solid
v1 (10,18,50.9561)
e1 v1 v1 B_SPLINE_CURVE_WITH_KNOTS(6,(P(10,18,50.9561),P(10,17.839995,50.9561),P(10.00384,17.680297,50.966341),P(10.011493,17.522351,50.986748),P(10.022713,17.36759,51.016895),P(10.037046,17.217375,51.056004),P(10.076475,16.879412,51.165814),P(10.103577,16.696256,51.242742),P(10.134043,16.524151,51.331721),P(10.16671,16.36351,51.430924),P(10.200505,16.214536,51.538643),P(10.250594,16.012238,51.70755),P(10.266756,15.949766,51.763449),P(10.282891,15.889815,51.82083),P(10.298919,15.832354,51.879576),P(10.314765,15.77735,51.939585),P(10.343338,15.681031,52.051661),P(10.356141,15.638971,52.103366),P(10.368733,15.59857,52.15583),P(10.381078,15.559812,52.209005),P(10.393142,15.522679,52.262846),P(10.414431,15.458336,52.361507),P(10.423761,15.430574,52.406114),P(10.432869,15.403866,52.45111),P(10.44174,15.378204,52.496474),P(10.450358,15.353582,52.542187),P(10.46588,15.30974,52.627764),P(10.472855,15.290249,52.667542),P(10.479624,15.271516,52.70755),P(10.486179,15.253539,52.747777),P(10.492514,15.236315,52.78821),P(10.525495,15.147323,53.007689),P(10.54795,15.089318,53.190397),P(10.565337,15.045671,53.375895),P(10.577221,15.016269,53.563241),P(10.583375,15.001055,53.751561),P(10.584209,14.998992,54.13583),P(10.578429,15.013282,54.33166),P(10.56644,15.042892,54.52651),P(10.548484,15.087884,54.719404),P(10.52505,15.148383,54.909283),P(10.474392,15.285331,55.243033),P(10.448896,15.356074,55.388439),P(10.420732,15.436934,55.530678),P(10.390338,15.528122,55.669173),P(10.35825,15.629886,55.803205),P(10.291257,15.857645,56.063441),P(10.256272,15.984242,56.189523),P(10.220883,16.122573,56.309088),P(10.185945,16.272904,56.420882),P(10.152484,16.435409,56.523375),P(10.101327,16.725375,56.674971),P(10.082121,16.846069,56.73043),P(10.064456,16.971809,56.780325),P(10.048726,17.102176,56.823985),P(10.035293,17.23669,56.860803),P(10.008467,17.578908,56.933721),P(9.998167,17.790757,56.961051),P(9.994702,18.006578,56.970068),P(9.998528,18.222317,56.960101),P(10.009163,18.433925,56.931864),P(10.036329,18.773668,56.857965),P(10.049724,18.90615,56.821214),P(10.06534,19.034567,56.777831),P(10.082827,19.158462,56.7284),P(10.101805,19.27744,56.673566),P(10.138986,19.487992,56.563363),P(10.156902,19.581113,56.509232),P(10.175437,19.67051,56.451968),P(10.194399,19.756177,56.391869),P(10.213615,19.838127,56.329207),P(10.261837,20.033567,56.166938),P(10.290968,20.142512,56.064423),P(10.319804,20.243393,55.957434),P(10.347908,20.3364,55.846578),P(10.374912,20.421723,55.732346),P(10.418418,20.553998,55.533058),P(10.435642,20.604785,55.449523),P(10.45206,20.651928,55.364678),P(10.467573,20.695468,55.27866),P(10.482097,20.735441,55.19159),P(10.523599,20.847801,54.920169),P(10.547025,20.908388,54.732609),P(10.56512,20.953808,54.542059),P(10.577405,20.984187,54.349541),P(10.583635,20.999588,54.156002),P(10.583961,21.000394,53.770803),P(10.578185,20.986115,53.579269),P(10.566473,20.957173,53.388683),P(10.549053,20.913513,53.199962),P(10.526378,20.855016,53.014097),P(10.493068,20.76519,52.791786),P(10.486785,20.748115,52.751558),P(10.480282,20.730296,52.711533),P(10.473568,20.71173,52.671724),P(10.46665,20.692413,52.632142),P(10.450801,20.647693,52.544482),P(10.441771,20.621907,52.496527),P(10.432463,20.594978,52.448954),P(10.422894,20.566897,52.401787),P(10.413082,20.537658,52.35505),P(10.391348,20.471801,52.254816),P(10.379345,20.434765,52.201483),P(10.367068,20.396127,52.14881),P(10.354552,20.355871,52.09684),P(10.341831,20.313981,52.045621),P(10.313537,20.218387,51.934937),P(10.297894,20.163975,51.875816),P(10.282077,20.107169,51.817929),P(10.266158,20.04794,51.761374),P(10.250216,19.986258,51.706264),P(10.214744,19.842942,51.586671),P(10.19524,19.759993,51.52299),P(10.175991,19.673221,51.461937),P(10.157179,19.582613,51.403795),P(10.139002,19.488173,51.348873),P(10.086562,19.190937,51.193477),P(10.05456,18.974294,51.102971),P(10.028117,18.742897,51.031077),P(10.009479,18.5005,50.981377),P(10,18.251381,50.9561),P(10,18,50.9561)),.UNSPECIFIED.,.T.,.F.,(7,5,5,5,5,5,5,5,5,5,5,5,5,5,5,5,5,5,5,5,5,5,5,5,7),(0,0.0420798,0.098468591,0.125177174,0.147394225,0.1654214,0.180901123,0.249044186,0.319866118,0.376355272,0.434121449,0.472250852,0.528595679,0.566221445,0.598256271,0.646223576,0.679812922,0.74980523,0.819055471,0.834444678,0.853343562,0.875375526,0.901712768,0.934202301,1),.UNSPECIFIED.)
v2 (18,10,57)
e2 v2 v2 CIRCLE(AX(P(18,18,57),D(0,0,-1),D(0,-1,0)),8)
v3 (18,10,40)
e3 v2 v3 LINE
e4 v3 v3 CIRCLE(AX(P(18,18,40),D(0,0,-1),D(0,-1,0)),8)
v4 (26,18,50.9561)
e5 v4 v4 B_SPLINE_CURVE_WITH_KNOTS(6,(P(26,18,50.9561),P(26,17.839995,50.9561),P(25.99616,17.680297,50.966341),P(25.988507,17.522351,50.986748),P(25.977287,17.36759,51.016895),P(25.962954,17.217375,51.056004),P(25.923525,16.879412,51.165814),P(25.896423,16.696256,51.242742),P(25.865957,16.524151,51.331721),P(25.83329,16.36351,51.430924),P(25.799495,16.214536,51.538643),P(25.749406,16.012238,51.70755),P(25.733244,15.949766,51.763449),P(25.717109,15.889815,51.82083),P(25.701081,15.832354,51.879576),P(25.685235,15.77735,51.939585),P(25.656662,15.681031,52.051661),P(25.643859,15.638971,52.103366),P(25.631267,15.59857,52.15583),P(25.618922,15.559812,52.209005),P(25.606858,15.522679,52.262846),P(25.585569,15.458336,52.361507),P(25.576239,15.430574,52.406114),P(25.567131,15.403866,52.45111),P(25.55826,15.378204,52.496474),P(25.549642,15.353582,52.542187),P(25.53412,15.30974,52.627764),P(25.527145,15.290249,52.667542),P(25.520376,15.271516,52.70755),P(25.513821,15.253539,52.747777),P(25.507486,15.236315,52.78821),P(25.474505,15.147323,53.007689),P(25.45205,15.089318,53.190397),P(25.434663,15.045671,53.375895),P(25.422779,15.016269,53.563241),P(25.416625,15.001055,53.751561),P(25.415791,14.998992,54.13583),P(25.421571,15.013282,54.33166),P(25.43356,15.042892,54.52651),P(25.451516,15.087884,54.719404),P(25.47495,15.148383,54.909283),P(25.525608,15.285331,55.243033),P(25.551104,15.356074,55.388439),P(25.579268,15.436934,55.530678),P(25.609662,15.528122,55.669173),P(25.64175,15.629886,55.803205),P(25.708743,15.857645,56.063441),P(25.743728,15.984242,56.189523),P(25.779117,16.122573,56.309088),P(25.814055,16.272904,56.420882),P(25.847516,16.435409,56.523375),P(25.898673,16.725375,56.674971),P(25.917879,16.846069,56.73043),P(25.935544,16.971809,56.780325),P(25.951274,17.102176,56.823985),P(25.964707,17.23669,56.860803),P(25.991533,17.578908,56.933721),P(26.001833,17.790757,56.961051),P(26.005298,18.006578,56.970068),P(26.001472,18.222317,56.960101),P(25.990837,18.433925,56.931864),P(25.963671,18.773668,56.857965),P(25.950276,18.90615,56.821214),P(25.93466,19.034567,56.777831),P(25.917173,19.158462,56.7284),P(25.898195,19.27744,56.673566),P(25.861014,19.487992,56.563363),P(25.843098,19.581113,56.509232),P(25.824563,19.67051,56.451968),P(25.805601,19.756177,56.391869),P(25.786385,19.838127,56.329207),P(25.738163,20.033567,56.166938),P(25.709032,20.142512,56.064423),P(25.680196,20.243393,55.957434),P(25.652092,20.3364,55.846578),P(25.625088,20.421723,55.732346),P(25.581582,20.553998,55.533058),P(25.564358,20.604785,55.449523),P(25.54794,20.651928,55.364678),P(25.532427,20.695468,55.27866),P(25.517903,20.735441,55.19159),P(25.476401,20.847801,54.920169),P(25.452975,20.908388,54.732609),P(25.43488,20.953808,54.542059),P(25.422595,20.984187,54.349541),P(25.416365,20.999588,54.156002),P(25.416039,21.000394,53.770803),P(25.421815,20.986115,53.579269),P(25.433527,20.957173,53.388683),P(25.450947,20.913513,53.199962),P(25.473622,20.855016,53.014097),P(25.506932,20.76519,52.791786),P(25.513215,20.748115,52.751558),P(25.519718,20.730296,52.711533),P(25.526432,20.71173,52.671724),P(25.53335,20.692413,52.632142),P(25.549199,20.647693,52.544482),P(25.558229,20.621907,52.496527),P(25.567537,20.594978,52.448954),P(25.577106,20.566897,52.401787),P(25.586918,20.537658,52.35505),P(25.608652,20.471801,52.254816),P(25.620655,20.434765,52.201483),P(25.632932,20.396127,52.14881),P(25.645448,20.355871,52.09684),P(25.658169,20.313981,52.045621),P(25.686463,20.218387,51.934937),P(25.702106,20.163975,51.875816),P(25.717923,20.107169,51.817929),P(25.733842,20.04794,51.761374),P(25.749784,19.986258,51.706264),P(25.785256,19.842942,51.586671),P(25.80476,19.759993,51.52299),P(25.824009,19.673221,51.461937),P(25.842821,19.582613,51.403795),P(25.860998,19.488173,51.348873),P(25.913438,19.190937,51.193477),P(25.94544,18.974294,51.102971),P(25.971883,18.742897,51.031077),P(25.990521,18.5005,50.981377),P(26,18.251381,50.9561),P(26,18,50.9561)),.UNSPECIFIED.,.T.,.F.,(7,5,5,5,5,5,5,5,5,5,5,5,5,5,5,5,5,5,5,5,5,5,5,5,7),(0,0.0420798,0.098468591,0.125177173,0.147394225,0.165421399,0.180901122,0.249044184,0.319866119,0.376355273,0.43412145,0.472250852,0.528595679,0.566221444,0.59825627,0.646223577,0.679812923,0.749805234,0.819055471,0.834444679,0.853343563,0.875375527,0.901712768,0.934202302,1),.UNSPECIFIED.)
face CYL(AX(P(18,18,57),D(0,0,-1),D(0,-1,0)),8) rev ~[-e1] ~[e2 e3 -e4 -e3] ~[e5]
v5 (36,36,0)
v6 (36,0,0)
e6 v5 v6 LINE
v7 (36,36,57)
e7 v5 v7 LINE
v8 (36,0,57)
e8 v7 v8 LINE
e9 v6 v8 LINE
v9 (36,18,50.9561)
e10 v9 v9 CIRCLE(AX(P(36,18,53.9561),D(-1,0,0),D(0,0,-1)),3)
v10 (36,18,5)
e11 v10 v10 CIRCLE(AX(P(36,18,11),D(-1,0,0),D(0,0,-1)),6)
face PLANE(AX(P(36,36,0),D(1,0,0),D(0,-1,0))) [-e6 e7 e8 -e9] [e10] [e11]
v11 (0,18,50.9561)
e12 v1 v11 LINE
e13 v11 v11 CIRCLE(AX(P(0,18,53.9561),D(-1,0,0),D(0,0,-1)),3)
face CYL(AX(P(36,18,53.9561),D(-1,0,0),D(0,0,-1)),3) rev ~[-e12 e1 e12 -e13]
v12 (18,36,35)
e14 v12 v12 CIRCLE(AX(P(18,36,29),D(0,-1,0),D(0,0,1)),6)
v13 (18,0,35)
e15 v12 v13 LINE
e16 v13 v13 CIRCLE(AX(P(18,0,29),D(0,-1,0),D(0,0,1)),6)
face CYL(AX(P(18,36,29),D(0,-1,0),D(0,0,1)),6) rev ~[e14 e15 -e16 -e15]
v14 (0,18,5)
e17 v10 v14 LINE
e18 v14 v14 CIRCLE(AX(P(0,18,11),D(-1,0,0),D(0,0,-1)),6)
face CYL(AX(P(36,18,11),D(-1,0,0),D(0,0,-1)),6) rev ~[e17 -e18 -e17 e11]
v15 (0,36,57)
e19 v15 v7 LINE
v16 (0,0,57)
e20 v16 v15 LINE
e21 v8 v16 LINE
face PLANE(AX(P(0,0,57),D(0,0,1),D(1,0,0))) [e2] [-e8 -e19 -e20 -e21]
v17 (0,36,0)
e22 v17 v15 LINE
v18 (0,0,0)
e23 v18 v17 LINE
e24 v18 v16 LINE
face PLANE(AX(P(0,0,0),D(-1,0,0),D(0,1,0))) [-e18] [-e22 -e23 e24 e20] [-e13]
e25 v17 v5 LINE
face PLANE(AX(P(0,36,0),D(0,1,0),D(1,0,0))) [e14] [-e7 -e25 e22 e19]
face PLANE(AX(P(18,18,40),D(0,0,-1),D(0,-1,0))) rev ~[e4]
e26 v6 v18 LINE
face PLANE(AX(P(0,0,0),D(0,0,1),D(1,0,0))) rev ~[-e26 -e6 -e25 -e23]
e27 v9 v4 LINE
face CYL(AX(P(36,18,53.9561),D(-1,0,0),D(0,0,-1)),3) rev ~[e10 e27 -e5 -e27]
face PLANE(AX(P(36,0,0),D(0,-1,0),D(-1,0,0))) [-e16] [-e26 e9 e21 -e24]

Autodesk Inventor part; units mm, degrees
ref_plane "YZ Plane" through (0, 0, 0) normal (1, 0, 0) x (0, 1, 0)
ref_plane "XZ Plane" through (0, 0, 0) normal (0, 1, 0) x (-1, 0, 0)
ref_plane "XY Plane" through (0, 0, 0) normal (0, 0, 1) x (1, 0, 0)
sketch "Sketch1" plane through (0, 0, 0) normal (0, 0, 1) x (1, 0, 0)
  line L0 (0, 0) -> (0, 36)
  line L1 (0, 36) -> (36, 36)
  line L2 (36, 36) -> (36, 0)
  line L3 (36, 0) -> (0, 0)
  dimension "d0" = 36
  dimension "d1" = 36
extrude "Extrusion1" add sketch "Sketch1" along normal blind 57
sketch "Sketch2" plane through (0, 0, 57) normal (0, 0, 1) x (1, 0, 0)
  circle A0 centre (18, 18) radius 8
  dimension "d4" = 16
hole "Hole1" at (18, 18, 57) direction (0, 0, -1) diameter 16 depth 17
sketch "Sketch3" plane through (36, 0, 0) normal (1, 0, 0) x (0, 0, -1)
  circle A0 centre (-11, 18) radius 6
  dimension "d43" = 12
hole "Hole2" at (36, 18, 11) direction (-1, 0, 0) diameter 12 end through all
sketch "Sketch4" plane through (0, 36, 0) normal (0, 1, 0) x (1, 0, 0)
  circle A0 centre (18, -29) radius 6
  dimension "d46" = 12
hole "Hole3" at (18, 36, 29) direction (0, -1, 0) diameter 12 end through all
sketch "Sketch5" plane through (36, 0, 0) normal (1, 0, 0) x (0, 0, -1)
  circle A0 centre (-53.9561, 18) radius 3
  point P0 (0, 0)
  dimension "d41" = 6
hole "Hole4" at (36, 18, 53.9561) direction (-1, 0, 0) diameter 6 end through all
properties part number "Centerhoved" material "PC/ABS Plastic"
